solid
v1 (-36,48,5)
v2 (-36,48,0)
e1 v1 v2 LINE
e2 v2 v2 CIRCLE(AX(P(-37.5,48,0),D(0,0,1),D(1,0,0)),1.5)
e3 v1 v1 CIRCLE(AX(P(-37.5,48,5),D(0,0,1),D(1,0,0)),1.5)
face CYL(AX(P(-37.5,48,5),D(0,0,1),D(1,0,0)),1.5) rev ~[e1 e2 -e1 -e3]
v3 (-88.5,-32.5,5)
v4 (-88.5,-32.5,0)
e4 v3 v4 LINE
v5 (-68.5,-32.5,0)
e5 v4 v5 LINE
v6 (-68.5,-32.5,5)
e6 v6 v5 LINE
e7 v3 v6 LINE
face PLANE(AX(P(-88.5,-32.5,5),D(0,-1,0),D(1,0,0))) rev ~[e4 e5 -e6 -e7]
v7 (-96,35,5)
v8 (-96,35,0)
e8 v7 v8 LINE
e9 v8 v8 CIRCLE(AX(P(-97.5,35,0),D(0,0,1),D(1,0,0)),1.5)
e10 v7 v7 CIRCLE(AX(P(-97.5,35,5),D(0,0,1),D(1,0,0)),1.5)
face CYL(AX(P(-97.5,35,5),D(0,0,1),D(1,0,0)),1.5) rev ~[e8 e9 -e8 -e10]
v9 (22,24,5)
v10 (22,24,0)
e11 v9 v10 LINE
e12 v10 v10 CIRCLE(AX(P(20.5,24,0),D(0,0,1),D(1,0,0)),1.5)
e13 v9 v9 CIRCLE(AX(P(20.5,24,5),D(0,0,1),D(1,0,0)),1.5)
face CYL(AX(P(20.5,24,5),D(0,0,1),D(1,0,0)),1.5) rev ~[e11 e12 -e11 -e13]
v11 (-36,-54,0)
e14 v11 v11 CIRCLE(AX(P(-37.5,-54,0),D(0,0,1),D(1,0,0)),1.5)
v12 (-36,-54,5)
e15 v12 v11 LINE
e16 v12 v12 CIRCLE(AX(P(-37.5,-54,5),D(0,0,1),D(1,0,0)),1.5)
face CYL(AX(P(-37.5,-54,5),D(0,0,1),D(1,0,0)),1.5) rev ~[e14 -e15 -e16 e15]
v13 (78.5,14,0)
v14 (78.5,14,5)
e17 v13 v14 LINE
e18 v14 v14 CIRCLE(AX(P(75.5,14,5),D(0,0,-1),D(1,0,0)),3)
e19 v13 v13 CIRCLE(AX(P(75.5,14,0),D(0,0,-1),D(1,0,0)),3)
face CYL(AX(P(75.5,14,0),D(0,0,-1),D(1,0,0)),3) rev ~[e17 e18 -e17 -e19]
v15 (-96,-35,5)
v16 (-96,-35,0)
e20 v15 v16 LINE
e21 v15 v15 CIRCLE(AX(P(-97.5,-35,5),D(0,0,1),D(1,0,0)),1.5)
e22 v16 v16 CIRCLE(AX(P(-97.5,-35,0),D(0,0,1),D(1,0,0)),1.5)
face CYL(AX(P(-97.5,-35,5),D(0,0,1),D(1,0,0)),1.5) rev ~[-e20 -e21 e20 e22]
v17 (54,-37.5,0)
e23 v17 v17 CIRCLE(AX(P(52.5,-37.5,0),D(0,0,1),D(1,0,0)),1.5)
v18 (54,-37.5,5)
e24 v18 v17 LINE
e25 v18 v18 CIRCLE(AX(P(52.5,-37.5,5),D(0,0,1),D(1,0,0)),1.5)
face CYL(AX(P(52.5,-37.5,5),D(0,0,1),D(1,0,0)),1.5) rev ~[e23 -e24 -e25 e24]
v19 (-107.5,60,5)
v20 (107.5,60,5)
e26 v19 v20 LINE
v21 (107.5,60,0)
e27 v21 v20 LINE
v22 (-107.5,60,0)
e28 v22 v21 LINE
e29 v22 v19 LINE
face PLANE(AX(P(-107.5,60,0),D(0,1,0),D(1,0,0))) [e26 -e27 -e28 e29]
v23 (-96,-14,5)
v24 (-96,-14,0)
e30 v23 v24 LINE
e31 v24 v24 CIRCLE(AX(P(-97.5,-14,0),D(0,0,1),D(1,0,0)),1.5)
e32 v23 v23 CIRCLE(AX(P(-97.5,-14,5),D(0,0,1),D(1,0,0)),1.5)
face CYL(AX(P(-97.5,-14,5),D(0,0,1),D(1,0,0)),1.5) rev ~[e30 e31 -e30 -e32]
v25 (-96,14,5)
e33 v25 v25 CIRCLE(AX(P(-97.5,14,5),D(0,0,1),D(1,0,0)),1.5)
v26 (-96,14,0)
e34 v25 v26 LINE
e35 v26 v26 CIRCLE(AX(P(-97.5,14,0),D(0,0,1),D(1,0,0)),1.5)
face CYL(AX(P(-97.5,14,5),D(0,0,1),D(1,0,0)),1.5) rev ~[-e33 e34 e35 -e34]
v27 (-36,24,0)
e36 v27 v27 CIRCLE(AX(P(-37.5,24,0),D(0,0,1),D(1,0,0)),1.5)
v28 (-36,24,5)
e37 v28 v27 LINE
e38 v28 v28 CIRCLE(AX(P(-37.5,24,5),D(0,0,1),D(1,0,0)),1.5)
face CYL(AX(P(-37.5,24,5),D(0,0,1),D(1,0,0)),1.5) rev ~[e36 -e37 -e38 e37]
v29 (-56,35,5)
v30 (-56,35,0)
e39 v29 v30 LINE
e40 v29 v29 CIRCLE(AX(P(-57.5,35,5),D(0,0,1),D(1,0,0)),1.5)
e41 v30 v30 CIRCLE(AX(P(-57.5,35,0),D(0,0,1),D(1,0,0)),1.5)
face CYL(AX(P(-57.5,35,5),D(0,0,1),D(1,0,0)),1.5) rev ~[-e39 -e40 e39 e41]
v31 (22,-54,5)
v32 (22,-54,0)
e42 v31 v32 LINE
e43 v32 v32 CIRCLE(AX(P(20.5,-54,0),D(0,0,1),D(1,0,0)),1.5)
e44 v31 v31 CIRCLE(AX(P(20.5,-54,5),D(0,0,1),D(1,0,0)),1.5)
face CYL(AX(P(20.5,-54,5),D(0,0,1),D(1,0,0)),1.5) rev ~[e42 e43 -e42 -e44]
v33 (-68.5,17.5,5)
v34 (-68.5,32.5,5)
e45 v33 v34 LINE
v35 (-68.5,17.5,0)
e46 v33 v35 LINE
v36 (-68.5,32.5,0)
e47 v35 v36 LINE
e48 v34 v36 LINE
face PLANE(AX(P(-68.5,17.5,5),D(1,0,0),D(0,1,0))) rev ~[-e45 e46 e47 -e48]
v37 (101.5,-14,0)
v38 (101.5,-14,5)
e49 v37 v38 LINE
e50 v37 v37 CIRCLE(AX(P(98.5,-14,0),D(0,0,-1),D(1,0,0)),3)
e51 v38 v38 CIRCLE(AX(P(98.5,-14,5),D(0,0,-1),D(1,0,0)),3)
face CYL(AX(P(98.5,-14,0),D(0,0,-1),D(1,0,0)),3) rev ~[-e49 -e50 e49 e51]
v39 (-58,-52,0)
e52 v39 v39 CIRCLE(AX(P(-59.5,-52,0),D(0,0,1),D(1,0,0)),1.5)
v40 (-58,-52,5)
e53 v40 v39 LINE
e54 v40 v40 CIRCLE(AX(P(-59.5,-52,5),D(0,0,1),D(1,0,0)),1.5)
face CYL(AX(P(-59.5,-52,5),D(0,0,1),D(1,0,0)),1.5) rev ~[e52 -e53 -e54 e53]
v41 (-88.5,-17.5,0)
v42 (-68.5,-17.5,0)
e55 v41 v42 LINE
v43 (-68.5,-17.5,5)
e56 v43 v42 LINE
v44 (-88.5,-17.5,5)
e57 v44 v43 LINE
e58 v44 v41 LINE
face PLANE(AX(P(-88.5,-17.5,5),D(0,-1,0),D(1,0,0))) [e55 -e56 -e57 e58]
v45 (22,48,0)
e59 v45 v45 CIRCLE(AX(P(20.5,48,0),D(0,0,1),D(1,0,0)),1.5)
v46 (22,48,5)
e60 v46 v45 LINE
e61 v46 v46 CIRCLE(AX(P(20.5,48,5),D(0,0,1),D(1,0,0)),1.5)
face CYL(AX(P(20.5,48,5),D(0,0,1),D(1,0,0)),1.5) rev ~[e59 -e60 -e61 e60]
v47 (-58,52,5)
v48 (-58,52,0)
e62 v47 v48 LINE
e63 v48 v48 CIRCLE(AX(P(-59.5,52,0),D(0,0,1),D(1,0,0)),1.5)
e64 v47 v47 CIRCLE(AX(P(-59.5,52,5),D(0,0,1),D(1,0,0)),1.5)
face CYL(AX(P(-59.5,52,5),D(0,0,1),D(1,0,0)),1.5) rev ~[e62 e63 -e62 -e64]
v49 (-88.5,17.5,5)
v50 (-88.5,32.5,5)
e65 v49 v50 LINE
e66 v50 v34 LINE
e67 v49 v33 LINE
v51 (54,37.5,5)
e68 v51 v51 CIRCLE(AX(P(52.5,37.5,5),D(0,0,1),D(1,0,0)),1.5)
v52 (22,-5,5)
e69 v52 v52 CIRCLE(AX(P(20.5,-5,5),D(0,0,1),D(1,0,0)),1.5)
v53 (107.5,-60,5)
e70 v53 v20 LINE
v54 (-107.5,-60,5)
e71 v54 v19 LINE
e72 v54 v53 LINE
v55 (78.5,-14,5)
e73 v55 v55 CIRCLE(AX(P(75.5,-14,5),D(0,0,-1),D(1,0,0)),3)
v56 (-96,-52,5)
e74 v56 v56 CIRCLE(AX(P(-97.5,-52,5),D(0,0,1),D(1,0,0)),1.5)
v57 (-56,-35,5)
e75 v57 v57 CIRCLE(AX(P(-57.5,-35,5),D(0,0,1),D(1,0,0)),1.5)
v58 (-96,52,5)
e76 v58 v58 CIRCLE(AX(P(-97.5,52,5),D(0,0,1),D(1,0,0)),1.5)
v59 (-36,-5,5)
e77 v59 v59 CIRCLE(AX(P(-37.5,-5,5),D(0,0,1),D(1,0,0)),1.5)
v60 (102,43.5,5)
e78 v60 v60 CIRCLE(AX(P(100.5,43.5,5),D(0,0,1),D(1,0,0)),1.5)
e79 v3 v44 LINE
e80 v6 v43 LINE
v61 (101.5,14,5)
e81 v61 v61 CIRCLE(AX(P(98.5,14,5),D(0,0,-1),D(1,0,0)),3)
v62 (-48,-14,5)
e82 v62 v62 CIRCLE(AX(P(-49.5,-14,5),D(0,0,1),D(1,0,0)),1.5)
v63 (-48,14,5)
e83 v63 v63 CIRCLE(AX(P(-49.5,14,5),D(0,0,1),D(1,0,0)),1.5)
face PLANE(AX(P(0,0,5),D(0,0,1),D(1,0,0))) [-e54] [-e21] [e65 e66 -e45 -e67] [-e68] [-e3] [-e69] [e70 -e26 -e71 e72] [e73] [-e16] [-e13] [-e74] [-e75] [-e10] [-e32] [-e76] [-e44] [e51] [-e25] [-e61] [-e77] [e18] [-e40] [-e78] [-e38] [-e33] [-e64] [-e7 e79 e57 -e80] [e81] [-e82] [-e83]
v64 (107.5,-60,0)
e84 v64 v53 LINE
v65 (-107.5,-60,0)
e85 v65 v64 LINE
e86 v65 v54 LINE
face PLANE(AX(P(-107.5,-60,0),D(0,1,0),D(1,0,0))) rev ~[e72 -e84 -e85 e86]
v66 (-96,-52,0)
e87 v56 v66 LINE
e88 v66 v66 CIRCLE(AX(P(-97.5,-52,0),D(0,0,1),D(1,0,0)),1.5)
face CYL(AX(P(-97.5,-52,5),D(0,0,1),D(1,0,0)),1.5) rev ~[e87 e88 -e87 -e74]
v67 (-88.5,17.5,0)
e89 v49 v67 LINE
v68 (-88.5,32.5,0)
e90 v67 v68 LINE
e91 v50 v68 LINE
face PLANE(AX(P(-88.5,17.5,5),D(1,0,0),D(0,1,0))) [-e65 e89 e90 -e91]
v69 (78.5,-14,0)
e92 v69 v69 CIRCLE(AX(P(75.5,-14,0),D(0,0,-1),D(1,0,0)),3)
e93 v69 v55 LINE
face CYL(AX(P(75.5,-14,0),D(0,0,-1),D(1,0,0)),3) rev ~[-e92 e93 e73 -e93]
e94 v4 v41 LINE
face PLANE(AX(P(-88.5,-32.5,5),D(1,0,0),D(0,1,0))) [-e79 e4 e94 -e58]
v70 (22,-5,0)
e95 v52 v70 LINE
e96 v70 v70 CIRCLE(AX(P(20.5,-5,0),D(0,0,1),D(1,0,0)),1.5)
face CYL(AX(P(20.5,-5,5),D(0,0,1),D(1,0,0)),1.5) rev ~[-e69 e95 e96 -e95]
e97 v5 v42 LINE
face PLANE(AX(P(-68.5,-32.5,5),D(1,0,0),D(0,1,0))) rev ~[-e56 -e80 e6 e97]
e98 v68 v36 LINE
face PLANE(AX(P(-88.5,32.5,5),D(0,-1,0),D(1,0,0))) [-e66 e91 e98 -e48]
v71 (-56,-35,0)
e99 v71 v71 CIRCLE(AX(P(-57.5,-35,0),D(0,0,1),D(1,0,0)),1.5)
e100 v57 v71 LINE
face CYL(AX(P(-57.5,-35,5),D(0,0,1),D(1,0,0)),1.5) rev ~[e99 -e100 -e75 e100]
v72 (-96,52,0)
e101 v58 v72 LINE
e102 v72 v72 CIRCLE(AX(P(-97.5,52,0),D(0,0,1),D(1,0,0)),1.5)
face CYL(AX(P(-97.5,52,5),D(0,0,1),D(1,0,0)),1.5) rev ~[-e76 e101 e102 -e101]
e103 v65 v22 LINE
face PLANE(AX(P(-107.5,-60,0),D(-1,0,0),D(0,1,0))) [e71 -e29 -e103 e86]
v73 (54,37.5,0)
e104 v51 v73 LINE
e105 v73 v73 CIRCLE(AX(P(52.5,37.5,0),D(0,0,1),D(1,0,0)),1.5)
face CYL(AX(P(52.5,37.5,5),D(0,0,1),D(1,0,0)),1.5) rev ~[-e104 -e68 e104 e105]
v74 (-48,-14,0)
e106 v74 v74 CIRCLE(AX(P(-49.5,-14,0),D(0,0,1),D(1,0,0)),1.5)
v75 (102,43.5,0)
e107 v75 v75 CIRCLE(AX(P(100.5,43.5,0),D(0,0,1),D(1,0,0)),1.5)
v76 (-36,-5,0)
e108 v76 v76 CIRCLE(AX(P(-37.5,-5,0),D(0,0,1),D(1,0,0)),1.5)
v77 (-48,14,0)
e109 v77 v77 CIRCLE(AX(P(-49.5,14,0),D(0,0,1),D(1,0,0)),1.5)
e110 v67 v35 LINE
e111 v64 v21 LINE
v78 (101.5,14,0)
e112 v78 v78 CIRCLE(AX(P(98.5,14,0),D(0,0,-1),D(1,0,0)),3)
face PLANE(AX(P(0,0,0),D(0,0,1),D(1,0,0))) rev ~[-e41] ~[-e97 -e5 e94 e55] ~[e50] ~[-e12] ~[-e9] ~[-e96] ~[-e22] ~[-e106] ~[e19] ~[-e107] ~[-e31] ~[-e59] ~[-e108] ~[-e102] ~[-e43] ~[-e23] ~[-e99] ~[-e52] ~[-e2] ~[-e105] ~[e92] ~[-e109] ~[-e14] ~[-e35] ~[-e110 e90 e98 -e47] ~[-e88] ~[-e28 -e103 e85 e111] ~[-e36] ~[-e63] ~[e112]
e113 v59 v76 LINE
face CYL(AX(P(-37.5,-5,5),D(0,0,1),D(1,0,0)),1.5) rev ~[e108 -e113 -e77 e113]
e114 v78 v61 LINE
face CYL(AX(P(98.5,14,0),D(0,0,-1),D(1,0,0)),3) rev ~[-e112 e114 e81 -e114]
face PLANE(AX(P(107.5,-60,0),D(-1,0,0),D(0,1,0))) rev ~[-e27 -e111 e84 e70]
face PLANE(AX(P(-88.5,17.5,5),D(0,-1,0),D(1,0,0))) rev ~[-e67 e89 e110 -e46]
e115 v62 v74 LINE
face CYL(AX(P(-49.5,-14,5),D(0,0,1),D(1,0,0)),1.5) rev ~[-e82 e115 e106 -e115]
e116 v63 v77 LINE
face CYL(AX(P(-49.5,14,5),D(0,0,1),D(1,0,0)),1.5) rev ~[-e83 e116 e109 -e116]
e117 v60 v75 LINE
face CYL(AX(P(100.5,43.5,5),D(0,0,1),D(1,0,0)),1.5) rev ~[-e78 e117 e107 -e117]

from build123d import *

# Parameters (mm, degrees)
F0_W      = 215
F0_H      = 120
F1_DEPTH  = 5
F2_R      = 1.5
F2_W      = 20
F2_H      = 15
F3_DEPTH  = 25
F4_R      = 1.5
F5_DEPTH  = 5.001
F6_R      = 3
F7_DEPTH  = 5.001
F8_R      = 1.5
F9_DEPTH  = 5.001
F10_R     = 1.5
F11_DEPTH = 5.001
F12_R     = 1.5
F13_DEPTH = 5.001
F14_R     = 1.5
F15_DEPTH = 5.001


with BuildPart() as f1:
    # F0 (on Top) → F1 (new body)
    with BuildSketch(Plane.XY):
        Rectangle(F0_W, F0_H)
    extrude(amount=F1_DEPTH)

    # F2 (on face) → F3 (cut)
    with BuildSketch(Plane.XY.offset(5)):
        with Locations((-97.5, 52)):
            Circle(F2_R)
        with Locations((-59.5, 52)):
            Circle(F2_R)
        with Locations((-97.5, -52)):
            Circle(F2_R)
        with Locations((-59.5, -52)):
            Circle(F2_R)
        with Locations((-78.5, 25)):
            Rectangle(F2_W, F2_H)
        with Locations((-78.5, -25)):
            Rectangle(F2_W, F2_H)
    extrude(amount=-F3_DEPTH, mode=Mode.SUBTRACT)

    # F4 (on face) → F5 (cut, through all)
    with BuildSketch(Plane.XY.offset(5)):
        with Locations((-37.5, -54)):
            Circle(F4_R)
        with Locations((-37.5, -5)):
            Circle(F4_R)
        with Locations((20.5, -54)):
            Circle(F4_R)
        with Locations((20.5, -5)):
            Circle(F4_R)
    extrude(amount=-F5_DEPTH, mode=Mode.SUBTRACT)

    # F6 (on face) → F7 (cut, through all)
    with BuildSketch(Plane(origin=(0, 0, 0), x_dir=(1, 0, 0), z_dir=(0, 0, -1))):
        with Locations((98.5, -14)):
            Circle(F6_R)
        with Locations((98.5, 14)):
            Circle(F6_R)
        with Locations((75.5, -14)):
            Circle(F6_R)
        with Locations((75.5, 14)):
            Circle(F6_R)
    extrude(amount=-F7_DEPTH, mode=Mode.SUBTRACT)

    # F8 (on face) → F9 (cut, through all)
    with BuildSketch(Plane.XY.offset(5)):
        with Locations((-37.5, 48)):
            Circle(F8_R)
        with Locations((-37.5, 24)):
            Circle(F8_R)
        with Locations((20.5, 48)):
            Circle(F8_R)
        with Locations((20.5, 24)):
            Circle(F8_R)
    extrude(amount=-F9_DEPTH, mode=Mode.SUBTRACT)

    # F10 (on face) → F11 (cut, through all)
    with BuildSketch(Plane.XY.offset(5)):
        with Locations((-97.5, 14)):
            Circle(F10_R)
        with Locations((-97.5, -14)):
            Circle(F10_R)
        with Locations((-49.5, 14)):
            Circle(F10_R)
        with Locations((-49.5, -14)):
            Circle(F10_R)
    extrude(amount=-F11_DEPTH, mode=Mode.SUBTRACT)

    # F12 (on face) → F13 (cut, through all)
    with BuildSketch(Plane.XY.offset(5)):
        with Locations((-57.5, 35)):
            Circle(F12_R)
        with Locations((-57.5, -35)):
            Circle(F12_R)
        with Locations((-97.5, 35)):
            Circle(F12_R)
        with Locations((-97.5, -35)):
            Circle(F12_R)
    extrude(amount=-F13_DEPTH, mode=Mode.SUBTRACT)

    # F14 (on face) → F15 (cut, through all)
    with BuildSketch(Plane.XY.offset(5)):
        with Locations((52.5, 37.5)):
            Circle(F14_R)
        with Locations((100.5, 43.5)):
            Circle(F14_R)
        with Locations((52.5, -37.5)):
            Circle(F14_R)
    extrude(amount=-F15_DEPTH, mode=Mode.SUBTRACT)


solid = f1.part
